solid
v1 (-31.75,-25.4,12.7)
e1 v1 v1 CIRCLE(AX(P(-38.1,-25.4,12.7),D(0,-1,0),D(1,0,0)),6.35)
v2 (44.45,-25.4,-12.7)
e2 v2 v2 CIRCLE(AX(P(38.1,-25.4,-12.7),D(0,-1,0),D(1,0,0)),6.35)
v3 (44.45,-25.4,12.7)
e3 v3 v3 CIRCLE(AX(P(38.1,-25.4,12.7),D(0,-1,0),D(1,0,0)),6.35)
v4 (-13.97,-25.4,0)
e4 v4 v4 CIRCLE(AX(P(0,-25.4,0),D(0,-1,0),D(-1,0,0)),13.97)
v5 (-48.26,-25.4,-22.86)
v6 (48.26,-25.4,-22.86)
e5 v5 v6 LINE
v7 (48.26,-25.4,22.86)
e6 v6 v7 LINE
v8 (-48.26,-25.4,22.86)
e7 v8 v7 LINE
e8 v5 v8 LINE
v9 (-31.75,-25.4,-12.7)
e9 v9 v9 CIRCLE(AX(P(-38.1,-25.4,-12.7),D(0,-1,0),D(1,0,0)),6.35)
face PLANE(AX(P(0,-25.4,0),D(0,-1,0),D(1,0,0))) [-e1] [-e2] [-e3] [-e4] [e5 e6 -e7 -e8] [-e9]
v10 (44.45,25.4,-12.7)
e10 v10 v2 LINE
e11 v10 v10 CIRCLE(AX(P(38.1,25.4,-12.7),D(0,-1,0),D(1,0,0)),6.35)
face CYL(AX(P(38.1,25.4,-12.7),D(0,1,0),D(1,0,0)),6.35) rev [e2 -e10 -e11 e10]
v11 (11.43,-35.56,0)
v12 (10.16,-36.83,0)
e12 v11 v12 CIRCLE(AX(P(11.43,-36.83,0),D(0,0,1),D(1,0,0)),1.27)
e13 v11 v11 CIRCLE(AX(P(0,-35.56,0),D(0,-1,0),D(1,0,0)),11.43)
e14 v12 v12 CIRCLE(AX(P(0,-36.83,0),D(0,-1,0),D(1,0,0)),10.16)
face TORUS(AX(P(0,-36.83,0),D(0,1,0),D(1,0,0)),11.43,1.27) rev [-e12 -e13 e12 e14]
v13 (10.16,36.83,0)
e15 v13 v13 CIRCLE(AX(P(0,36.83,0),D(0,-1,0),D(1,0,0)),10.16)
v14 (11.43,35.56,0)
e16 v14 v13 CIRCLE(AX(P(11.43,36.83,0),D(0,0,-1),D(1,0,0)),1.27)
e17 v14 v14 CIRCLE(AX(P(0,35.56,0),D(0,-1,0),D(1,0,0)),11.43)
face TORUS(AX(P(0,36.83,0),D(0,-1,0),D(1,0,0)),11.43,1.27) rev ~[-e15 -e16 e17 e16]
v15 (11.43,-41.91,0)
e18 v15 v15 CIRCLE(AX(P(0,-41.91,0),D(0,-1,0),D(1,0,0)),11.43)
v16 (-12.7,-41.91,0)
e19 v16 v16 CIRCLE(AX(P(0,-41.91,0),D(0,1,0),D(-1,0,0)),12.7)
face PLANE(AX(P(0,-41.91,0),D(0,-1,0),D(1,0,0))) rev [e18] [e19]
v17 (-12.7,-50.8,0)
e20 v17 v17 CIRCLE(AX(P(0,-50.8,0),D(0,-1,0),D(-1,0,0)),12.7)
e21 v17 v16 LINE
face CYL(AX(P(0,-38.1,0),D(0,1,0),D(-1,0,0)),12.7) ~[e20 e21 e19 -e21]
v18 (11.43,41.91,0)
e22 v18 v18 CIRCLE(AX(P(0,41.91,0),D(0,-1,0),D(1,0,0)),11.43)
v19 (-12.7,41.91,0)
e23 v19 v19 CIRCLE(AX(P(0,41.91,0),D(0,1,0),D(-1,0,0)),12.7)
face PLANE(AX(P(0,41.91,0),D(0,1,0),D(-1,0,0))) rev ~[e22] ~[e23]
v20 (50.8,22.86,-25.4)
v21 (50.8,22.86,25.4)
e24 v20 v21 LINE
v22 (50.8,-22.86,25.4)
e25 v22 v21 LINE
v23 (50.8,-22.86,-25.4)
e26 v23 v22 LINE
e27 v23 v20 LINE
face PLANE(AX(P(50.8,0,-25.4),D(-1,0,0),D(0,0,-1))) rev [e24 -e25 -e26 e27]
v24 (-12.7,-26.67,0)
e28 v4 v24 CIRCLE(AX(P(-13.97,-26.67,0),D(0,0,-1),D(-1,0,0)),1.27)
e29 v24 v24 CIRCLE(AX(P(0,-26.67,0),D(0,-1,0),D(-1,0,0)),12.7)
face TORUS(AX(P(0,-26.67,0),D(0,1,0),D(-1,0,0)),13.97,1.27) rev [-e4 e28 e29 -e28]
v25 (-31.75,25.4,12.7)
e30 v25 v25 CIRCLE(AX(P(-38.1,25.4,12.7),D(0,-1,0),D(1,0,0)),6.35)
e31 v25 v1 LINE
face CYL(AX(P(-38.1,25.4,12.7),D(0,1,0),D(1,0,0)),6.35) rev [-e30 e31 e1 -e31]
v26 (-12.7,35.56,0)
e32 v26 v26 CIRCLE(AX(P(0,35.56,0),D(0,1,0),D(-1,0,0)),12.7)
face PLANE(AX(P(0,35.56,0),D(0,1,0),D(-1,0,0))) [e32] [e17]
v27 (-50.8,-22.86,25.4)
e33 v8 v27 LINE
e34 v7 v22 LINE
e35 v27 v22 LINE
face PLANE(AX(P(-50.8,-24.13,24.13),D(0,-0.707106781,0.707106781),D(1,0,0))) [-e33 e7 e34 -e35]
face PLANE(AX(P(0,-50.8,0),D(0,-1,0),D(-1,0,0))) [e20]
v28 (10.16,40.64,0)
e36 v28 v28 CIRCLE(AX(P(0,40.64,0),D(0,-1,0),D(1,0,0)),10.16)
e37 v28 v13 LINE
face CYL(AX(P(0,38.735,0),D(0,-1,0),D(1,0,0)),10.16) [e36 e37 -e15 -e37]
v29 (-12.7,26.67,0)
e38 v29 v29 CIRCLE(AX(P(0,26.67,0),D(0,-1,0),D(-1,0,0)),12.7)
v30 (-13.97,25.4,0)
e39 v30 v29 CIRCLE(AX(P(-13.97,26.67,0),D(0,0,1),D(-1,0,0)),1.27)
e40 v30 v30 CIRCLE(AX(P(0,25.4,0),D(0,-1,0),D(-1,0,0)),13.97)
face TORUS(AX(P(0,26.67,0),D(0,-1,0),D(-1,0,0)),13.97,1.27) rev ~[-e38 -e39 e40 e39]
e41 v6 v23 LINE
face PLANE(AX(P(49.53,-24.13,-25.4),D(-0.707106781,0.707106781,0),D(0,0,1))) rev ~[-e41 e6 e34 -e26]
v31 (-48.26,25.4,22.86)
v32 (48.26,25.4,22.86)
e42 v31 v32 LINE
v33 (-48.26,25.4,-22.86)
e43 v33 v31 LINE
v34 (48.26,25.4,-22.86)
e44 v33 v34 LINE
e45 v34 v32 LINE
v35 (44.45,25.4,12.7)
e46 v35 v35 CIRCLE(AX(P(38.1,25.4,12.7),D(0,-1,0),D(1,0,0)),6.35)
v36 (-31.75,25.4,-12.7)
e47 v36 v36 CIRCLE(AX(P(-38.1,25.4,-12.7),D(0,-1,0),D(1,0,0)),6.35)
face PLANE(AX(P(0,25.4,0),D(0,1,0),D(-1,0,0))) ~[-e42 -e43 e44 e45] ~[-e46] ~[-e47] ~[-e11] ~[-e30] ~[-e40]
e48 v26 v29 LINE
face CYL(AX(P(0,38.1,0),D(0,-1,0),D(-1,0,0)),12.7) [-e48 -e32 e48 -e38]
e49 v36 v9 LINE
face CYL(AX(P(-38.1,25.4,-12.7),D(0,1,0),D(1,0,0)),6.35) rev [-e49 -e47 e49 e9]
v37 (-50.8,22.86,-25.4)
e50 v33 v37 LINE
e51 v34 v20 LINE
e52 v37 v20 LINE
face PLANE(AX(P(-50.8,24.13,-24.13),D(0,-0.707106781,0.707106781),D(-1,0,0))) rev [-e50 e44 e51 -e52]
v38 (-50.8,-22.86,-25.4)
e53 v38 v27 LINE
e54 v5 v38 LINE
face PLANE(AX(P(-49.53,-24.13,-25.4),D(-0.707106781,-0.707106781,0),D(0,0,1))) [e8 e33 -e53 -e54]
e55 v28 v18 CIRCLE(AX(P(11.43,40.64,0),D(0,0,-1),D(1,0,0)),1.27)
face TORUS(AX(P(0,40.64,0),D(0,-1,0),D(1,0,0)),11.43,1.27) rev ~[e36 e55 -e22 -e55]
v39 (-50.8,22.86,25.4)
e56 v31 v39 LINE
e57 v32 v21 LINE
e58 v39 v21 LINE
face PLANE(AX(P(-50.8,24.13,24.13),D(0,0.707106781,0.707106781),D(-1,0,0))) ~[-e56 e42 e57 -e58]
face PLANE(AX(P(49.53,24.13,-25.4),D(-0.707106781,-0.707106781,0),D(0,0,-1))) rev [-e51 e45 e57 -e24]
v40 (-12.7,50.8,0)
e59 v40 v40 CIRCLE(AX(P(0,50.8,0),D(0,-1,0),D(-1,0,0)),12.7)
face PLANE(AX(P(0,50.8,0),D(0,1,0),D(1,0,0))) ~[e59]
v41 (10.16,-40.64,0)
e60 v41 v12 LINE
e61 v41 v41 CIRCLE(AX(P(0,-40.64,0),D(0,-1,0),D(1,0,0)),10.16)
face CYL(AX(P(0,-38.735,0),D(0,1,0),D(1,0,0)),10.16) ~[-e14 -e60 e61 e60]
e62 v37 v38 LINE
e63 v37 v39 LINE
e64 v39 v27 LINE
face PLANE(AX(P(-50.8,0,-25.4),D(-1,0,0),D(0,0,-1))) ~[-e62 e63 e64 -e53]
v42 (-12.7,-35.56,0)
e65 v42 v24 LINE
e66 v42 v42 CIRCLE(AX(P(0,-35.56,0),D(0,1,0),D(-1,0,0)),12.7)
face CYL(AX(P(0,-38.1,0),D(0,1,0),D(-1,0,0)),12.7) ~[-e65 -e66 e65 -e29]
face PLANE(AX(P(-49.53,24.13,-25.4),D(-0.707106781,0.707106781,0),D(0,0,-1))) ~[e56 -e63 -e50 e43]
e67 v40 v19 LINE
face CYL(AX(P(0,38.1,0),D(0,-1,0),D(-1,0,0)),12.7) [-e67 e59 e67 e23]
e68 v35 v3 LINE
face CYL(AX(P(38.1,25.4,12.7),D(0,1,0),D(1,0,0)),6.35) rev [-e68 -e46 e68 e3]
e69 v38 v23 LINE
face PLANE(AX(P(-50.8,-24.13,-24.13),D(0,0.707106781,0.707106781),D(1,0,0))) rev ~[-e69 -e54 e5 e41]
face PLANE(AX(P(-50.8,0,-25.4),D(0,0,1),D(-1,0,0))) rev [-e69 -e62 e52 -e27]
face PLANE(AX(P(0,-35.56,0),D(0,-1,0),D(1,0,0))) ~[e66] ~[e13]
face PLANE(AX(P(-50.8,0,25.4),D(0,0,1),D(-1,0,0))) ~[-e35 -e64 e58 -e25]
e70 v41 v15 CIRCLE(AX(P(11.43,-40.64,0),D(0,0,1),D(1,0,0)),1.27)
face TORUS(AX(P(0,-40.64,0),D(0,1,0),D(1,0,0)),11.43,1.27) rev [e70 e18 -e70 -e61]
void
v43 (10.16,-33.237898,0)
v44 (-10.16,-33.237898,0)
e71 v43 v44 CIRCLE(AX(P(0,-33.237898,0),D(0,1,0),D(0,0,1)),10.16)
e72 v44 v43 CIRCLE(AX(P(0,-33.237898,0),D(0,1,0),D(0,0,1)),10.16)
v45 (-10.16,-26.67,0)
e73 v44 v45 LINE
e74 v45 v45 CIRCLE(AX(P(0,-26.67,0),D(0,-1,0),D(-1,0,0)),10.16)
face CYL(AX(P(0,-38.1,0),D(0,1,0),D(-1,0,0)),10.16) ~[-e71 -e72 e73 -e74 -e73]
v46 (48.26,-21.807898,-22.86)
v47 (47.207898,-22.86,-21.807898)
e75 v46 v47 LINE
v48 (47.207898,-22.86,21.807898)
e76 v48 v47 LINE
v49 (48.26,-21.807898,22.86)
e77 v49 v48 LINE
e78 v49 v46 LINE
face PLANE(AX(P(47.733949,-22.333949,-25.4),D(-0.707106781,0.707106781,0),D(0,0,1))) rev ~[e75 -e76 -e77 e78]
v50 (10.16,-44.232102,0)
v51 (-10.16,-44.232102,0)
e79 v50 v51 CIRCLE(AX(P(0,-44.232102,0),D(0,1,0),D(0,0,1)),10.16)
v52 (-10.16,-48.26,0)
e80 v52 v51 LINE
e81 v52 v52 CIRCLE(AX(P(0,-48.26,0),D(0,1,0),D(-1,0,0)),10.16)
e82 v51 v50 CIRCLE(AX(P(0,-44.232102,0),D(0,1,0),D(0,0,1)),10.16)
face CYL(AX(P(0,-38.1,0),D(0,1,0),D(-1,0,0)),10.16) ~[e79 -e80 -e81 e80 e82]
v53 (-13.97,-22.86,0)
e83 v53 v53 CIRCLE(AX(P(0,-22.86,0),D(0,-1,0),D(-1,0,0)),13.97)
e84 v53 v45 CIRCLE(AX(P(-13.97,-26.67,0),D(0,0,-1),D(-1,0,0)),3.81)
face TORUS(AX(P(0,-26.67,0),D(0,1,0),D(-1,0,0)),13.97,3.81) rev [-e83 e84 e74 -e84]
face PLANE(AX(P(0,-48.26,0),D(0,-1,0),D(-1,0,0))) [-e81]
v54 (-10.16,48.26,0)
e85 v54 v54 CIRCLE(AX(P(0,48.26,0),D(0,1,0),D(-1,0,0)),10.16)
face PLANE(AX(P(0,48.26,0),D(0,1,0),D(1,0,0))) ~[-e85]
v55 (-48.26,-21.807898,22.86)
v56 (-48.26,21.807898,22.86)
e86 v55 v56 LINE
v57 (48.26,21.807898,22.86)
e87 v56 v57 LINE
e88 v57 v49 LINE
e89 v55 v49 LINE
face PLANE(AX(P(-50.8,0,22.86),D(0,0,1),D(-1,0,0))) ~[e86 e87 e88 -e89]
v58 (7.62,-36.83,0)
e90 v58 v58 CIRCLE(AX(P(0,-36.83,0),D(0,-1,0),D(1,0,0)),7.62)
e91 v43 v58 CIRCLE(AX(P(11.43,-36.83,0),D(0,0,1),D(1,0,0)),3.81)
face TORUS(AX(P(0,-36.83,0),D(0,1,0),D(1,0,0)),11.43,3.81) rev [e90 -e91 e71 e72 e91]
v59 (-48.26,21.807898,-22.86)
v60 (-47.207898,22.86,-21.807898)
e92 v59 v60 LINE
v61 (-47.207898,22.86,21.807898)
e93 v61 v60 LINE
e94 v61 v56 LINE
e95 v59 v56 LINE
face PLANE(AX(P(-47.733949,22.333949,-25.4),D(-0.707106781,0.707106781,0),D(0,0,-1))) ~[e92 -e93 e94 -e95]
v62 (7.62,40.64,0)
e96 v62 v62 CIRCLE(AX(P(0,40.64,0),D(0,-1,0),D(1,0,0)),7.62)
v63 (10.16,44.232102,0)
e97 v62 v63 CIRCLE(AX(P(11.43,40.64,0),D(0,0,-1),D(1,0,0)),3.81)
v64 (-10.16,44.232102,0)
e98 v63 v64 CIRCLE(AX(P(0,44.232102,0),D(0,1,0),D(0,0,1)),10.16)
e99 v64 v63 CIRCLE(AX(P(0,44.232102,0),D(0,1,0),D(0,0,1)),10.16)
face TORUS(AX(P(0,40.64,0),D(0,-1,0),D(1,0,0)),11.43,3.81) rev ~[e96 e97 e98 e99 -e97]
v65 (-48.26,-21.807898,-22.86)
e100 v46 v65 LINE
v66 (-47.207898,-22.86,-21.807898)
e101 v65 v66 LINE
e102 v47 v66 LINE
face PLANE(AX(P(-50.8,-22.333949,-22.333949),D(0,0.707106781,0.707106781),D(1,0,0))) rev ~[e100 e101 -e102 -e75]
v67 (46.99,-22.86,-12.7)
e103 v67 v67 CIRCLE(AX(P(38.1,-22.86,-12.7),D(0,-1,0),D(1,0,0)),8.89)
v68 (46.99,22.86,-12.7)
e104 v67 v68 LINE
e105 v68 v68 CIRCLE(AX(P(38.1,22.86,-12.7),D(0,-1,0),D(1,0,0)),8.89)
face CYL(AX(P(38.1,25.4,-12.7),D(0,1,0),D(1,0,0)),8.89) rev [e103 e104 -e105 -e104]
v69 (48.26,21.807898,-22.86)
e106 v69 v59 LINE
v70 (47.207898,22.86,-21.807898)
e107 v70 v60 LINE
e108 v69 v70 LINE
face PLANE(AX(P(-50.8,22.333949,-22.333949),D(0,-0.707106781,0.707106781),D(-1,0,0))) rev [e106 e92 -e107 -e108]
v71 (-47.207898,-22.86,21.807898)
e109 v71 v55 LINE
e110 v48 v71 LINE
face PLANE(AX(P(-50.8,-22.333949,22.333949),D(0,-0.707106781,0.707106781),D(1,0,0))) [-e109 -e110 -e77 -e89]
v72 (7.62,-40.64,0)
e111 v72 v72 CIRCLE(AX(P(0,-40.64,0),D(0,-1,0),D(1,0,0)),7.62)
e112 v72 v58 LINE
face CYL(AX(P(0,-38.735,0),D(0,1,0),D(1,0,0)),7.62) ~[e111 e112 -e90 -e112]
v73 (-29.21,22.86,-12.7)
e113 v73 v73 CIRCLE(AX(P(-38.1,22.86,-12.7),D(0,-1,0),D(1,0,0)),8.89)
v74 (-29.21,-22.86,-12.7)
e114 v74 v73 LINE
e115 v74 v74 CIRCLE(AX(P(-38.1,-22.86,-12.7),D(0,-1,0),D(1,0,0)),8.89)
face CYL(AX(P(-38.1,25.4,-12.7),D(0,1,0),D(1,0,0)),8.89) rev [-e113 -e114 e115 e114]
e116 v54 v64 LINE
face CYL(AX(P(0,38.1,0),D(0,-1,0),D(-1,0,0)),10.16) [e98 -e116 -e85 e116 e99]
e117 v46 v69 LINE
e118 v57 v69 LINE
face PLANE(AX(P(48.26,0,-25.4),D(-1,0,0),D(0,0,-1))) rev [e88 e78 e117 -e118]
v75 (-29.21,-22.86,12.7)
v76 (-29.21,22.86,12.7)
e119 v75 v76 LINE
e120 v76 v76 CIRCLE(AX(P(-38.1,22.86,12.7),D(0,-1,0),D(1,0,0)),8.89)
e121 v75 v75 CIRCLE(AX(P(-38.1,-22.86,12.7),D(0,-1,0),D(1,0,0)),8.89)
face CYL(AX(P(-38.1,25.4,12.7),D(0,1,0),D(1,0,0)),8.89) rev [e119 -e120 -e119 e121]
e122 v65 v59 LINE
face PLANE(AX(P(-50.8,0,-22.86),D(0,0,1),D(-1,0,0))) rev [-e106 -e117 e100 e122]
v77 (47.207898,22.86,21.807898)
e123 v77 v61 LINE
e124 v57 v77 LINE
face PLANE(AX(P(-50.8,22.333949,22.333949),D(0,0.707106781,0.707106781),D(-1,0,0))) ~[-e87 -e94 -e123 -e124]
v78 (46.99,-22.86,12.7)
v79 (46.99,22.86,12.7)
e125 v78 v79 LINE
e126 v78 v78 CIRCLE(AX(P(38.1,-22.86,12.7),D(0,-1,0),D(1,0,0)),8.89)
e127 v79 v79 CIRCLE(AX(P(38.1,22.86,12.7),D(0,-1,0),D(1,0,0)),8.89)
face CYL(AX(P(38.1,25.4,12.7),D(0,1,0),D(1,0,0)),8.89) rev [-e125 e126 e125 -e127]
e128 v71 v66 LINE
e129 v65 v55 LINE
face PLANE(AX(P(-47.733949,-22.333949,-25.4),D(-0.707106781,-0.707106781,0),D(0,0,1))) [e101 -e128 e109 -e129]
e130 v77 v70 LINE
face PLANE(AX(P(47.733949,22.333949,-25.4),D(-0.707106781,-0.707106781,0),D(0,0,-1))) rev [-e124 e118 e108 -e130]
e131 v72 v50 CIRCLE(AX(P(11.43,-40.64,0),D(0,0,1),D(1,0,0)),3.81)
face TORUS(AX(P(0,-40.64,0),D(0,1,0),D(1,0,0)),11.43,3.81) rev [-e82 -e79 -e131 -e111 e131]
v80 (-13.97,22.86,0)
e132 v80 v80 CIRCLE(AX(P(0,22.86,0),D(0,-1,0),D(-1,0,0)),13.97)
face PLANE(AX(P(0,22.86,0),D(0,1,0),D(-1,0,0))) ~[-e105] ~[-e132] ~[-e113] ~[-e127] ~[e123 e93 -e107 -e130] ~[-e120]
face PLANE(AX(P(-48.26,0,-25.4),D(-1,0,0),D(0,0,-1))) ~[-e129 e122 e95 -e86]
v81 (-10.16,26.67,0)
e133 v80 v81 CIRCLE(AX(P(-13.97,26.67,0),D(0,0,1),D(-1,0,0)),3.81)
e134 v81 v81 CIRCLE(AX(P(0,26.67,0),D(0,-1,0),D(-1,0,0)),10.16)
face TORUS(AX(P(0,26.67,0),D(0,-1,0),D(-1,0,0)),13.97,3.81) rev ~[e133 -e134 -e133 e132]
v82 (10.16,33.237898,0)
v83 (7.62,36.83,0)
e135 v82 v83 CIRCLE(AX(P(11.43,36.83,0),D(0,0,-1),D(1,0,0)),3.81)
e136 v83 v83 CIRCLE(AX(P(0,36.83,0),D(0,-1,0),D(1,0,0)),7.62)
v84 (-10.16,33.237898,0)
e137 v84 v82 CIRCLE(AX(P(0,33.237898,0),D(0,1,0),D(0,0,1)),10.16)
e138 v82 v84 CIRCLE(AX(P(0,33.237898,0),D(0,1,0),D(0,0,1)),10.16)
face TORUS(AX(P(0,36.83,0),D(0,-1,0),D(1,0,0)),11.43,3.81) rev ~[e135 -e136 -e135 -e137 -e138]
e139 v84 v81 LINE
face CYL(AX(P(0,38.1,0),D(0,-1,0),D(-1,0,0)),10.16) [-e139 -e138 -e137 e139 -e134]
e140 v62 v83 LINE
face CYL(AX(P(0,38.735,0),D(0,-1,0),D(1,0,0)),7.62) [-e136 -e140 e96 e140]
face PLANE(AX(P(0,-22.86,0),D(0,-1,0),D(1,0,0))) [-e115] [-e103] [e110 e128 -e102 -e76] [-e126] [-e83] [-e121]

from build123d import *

# Parameters (mm, degrees)
F0_W     = 101.6
F0_H     = 50.8
F1_DEPTH = 25.4
F2_R     = 6.35
F3_DEPTH = 25.401
F4_W     = 12.7
F4_H     = 25.4
F6_W     = 5.08
F6_H     = 6.35
F8_R     = 1.27
F9_SIZE  = 2.54
F10_T    = -2.54


with BuildPart() as f1:
    # F0 (on Front) → F1 (new body)
    with BuildSketch(Plane.XZ):
        Rectangle(F0_W, F0_H)
    extrude(amount=F1_DEPTH)

    # F2 (on face) → F3 (cut, through all)
    with BuildSketch(Plane.XZ.offset(25.4)):
        with Locations((-38.1, 12.7)):
            Circle(F2_R)
        with Locations((-38.1, -12.7)):
            Circle(F2_R)
        with Locations((38.1, 12.7)):
            Circle(F2_R)
        with Locations((38.1, -12.7)):
            Circle(F2_R)
    extrude(amount=-F3_DEPTH, mode=Mode.SUBTRACT)

    # F4 (on Top) → F5 (revolve)
    with BuildSketch(Plane.XY):
        with Locations((-6.35, -38.1)):
            Rectangle(F4_W, F4_H)
    revolve(axis=Axis((0, -38.1, 0), (0, -1, 0)))

    # F6 (on Top) → F7 (revolve, cut)
    with BuildSketch(Plane.XY):
        with Locations((12.7, -38.735)):
            Rectangle(F6_W, F6_H)
    revolve(axis=Axis((0, -39.309513, 0), (0, -1, 0)), mode=Mode.SUBTRACT)

    # F8
    f8_edges = [f1.edges().sort_by_distance(p)[0] for p in [
        (12.7, -25.4, 0),
        (-10.16, -35.56, 0),
        (-10.16, -41.91, 0),
    ]]
    fillet(f8_edges, radius=F8_R)

    # F9
    f9_edges = [f1.edges().sort_by_distance(p)[0] for p in [
        (0, -25.4, 25.4),
        (-50.8, -25.4, 0),
        (0, -25.4, -25.4),
        (50.8, -25.4, 0),
    ]]
    chamfer(f9_edges, length=F9_SIZE)

    # F10
    f10_openings = [f1.faces().sort_by_distance(p)[0] for p in [
        (0, 0, 0),
    ]]
    offset(amount=F10_T, openings=f10_openings)

    # F12: F1 across plane


with BuildPart() as f1_1:
    add(f1.part)
    add(f1.part.mirror(Plane(origin=(0, 0, 0), x_dir=(1, 0, 0), z_dir=(0, 1, 0))))


solid = f1_1.part
